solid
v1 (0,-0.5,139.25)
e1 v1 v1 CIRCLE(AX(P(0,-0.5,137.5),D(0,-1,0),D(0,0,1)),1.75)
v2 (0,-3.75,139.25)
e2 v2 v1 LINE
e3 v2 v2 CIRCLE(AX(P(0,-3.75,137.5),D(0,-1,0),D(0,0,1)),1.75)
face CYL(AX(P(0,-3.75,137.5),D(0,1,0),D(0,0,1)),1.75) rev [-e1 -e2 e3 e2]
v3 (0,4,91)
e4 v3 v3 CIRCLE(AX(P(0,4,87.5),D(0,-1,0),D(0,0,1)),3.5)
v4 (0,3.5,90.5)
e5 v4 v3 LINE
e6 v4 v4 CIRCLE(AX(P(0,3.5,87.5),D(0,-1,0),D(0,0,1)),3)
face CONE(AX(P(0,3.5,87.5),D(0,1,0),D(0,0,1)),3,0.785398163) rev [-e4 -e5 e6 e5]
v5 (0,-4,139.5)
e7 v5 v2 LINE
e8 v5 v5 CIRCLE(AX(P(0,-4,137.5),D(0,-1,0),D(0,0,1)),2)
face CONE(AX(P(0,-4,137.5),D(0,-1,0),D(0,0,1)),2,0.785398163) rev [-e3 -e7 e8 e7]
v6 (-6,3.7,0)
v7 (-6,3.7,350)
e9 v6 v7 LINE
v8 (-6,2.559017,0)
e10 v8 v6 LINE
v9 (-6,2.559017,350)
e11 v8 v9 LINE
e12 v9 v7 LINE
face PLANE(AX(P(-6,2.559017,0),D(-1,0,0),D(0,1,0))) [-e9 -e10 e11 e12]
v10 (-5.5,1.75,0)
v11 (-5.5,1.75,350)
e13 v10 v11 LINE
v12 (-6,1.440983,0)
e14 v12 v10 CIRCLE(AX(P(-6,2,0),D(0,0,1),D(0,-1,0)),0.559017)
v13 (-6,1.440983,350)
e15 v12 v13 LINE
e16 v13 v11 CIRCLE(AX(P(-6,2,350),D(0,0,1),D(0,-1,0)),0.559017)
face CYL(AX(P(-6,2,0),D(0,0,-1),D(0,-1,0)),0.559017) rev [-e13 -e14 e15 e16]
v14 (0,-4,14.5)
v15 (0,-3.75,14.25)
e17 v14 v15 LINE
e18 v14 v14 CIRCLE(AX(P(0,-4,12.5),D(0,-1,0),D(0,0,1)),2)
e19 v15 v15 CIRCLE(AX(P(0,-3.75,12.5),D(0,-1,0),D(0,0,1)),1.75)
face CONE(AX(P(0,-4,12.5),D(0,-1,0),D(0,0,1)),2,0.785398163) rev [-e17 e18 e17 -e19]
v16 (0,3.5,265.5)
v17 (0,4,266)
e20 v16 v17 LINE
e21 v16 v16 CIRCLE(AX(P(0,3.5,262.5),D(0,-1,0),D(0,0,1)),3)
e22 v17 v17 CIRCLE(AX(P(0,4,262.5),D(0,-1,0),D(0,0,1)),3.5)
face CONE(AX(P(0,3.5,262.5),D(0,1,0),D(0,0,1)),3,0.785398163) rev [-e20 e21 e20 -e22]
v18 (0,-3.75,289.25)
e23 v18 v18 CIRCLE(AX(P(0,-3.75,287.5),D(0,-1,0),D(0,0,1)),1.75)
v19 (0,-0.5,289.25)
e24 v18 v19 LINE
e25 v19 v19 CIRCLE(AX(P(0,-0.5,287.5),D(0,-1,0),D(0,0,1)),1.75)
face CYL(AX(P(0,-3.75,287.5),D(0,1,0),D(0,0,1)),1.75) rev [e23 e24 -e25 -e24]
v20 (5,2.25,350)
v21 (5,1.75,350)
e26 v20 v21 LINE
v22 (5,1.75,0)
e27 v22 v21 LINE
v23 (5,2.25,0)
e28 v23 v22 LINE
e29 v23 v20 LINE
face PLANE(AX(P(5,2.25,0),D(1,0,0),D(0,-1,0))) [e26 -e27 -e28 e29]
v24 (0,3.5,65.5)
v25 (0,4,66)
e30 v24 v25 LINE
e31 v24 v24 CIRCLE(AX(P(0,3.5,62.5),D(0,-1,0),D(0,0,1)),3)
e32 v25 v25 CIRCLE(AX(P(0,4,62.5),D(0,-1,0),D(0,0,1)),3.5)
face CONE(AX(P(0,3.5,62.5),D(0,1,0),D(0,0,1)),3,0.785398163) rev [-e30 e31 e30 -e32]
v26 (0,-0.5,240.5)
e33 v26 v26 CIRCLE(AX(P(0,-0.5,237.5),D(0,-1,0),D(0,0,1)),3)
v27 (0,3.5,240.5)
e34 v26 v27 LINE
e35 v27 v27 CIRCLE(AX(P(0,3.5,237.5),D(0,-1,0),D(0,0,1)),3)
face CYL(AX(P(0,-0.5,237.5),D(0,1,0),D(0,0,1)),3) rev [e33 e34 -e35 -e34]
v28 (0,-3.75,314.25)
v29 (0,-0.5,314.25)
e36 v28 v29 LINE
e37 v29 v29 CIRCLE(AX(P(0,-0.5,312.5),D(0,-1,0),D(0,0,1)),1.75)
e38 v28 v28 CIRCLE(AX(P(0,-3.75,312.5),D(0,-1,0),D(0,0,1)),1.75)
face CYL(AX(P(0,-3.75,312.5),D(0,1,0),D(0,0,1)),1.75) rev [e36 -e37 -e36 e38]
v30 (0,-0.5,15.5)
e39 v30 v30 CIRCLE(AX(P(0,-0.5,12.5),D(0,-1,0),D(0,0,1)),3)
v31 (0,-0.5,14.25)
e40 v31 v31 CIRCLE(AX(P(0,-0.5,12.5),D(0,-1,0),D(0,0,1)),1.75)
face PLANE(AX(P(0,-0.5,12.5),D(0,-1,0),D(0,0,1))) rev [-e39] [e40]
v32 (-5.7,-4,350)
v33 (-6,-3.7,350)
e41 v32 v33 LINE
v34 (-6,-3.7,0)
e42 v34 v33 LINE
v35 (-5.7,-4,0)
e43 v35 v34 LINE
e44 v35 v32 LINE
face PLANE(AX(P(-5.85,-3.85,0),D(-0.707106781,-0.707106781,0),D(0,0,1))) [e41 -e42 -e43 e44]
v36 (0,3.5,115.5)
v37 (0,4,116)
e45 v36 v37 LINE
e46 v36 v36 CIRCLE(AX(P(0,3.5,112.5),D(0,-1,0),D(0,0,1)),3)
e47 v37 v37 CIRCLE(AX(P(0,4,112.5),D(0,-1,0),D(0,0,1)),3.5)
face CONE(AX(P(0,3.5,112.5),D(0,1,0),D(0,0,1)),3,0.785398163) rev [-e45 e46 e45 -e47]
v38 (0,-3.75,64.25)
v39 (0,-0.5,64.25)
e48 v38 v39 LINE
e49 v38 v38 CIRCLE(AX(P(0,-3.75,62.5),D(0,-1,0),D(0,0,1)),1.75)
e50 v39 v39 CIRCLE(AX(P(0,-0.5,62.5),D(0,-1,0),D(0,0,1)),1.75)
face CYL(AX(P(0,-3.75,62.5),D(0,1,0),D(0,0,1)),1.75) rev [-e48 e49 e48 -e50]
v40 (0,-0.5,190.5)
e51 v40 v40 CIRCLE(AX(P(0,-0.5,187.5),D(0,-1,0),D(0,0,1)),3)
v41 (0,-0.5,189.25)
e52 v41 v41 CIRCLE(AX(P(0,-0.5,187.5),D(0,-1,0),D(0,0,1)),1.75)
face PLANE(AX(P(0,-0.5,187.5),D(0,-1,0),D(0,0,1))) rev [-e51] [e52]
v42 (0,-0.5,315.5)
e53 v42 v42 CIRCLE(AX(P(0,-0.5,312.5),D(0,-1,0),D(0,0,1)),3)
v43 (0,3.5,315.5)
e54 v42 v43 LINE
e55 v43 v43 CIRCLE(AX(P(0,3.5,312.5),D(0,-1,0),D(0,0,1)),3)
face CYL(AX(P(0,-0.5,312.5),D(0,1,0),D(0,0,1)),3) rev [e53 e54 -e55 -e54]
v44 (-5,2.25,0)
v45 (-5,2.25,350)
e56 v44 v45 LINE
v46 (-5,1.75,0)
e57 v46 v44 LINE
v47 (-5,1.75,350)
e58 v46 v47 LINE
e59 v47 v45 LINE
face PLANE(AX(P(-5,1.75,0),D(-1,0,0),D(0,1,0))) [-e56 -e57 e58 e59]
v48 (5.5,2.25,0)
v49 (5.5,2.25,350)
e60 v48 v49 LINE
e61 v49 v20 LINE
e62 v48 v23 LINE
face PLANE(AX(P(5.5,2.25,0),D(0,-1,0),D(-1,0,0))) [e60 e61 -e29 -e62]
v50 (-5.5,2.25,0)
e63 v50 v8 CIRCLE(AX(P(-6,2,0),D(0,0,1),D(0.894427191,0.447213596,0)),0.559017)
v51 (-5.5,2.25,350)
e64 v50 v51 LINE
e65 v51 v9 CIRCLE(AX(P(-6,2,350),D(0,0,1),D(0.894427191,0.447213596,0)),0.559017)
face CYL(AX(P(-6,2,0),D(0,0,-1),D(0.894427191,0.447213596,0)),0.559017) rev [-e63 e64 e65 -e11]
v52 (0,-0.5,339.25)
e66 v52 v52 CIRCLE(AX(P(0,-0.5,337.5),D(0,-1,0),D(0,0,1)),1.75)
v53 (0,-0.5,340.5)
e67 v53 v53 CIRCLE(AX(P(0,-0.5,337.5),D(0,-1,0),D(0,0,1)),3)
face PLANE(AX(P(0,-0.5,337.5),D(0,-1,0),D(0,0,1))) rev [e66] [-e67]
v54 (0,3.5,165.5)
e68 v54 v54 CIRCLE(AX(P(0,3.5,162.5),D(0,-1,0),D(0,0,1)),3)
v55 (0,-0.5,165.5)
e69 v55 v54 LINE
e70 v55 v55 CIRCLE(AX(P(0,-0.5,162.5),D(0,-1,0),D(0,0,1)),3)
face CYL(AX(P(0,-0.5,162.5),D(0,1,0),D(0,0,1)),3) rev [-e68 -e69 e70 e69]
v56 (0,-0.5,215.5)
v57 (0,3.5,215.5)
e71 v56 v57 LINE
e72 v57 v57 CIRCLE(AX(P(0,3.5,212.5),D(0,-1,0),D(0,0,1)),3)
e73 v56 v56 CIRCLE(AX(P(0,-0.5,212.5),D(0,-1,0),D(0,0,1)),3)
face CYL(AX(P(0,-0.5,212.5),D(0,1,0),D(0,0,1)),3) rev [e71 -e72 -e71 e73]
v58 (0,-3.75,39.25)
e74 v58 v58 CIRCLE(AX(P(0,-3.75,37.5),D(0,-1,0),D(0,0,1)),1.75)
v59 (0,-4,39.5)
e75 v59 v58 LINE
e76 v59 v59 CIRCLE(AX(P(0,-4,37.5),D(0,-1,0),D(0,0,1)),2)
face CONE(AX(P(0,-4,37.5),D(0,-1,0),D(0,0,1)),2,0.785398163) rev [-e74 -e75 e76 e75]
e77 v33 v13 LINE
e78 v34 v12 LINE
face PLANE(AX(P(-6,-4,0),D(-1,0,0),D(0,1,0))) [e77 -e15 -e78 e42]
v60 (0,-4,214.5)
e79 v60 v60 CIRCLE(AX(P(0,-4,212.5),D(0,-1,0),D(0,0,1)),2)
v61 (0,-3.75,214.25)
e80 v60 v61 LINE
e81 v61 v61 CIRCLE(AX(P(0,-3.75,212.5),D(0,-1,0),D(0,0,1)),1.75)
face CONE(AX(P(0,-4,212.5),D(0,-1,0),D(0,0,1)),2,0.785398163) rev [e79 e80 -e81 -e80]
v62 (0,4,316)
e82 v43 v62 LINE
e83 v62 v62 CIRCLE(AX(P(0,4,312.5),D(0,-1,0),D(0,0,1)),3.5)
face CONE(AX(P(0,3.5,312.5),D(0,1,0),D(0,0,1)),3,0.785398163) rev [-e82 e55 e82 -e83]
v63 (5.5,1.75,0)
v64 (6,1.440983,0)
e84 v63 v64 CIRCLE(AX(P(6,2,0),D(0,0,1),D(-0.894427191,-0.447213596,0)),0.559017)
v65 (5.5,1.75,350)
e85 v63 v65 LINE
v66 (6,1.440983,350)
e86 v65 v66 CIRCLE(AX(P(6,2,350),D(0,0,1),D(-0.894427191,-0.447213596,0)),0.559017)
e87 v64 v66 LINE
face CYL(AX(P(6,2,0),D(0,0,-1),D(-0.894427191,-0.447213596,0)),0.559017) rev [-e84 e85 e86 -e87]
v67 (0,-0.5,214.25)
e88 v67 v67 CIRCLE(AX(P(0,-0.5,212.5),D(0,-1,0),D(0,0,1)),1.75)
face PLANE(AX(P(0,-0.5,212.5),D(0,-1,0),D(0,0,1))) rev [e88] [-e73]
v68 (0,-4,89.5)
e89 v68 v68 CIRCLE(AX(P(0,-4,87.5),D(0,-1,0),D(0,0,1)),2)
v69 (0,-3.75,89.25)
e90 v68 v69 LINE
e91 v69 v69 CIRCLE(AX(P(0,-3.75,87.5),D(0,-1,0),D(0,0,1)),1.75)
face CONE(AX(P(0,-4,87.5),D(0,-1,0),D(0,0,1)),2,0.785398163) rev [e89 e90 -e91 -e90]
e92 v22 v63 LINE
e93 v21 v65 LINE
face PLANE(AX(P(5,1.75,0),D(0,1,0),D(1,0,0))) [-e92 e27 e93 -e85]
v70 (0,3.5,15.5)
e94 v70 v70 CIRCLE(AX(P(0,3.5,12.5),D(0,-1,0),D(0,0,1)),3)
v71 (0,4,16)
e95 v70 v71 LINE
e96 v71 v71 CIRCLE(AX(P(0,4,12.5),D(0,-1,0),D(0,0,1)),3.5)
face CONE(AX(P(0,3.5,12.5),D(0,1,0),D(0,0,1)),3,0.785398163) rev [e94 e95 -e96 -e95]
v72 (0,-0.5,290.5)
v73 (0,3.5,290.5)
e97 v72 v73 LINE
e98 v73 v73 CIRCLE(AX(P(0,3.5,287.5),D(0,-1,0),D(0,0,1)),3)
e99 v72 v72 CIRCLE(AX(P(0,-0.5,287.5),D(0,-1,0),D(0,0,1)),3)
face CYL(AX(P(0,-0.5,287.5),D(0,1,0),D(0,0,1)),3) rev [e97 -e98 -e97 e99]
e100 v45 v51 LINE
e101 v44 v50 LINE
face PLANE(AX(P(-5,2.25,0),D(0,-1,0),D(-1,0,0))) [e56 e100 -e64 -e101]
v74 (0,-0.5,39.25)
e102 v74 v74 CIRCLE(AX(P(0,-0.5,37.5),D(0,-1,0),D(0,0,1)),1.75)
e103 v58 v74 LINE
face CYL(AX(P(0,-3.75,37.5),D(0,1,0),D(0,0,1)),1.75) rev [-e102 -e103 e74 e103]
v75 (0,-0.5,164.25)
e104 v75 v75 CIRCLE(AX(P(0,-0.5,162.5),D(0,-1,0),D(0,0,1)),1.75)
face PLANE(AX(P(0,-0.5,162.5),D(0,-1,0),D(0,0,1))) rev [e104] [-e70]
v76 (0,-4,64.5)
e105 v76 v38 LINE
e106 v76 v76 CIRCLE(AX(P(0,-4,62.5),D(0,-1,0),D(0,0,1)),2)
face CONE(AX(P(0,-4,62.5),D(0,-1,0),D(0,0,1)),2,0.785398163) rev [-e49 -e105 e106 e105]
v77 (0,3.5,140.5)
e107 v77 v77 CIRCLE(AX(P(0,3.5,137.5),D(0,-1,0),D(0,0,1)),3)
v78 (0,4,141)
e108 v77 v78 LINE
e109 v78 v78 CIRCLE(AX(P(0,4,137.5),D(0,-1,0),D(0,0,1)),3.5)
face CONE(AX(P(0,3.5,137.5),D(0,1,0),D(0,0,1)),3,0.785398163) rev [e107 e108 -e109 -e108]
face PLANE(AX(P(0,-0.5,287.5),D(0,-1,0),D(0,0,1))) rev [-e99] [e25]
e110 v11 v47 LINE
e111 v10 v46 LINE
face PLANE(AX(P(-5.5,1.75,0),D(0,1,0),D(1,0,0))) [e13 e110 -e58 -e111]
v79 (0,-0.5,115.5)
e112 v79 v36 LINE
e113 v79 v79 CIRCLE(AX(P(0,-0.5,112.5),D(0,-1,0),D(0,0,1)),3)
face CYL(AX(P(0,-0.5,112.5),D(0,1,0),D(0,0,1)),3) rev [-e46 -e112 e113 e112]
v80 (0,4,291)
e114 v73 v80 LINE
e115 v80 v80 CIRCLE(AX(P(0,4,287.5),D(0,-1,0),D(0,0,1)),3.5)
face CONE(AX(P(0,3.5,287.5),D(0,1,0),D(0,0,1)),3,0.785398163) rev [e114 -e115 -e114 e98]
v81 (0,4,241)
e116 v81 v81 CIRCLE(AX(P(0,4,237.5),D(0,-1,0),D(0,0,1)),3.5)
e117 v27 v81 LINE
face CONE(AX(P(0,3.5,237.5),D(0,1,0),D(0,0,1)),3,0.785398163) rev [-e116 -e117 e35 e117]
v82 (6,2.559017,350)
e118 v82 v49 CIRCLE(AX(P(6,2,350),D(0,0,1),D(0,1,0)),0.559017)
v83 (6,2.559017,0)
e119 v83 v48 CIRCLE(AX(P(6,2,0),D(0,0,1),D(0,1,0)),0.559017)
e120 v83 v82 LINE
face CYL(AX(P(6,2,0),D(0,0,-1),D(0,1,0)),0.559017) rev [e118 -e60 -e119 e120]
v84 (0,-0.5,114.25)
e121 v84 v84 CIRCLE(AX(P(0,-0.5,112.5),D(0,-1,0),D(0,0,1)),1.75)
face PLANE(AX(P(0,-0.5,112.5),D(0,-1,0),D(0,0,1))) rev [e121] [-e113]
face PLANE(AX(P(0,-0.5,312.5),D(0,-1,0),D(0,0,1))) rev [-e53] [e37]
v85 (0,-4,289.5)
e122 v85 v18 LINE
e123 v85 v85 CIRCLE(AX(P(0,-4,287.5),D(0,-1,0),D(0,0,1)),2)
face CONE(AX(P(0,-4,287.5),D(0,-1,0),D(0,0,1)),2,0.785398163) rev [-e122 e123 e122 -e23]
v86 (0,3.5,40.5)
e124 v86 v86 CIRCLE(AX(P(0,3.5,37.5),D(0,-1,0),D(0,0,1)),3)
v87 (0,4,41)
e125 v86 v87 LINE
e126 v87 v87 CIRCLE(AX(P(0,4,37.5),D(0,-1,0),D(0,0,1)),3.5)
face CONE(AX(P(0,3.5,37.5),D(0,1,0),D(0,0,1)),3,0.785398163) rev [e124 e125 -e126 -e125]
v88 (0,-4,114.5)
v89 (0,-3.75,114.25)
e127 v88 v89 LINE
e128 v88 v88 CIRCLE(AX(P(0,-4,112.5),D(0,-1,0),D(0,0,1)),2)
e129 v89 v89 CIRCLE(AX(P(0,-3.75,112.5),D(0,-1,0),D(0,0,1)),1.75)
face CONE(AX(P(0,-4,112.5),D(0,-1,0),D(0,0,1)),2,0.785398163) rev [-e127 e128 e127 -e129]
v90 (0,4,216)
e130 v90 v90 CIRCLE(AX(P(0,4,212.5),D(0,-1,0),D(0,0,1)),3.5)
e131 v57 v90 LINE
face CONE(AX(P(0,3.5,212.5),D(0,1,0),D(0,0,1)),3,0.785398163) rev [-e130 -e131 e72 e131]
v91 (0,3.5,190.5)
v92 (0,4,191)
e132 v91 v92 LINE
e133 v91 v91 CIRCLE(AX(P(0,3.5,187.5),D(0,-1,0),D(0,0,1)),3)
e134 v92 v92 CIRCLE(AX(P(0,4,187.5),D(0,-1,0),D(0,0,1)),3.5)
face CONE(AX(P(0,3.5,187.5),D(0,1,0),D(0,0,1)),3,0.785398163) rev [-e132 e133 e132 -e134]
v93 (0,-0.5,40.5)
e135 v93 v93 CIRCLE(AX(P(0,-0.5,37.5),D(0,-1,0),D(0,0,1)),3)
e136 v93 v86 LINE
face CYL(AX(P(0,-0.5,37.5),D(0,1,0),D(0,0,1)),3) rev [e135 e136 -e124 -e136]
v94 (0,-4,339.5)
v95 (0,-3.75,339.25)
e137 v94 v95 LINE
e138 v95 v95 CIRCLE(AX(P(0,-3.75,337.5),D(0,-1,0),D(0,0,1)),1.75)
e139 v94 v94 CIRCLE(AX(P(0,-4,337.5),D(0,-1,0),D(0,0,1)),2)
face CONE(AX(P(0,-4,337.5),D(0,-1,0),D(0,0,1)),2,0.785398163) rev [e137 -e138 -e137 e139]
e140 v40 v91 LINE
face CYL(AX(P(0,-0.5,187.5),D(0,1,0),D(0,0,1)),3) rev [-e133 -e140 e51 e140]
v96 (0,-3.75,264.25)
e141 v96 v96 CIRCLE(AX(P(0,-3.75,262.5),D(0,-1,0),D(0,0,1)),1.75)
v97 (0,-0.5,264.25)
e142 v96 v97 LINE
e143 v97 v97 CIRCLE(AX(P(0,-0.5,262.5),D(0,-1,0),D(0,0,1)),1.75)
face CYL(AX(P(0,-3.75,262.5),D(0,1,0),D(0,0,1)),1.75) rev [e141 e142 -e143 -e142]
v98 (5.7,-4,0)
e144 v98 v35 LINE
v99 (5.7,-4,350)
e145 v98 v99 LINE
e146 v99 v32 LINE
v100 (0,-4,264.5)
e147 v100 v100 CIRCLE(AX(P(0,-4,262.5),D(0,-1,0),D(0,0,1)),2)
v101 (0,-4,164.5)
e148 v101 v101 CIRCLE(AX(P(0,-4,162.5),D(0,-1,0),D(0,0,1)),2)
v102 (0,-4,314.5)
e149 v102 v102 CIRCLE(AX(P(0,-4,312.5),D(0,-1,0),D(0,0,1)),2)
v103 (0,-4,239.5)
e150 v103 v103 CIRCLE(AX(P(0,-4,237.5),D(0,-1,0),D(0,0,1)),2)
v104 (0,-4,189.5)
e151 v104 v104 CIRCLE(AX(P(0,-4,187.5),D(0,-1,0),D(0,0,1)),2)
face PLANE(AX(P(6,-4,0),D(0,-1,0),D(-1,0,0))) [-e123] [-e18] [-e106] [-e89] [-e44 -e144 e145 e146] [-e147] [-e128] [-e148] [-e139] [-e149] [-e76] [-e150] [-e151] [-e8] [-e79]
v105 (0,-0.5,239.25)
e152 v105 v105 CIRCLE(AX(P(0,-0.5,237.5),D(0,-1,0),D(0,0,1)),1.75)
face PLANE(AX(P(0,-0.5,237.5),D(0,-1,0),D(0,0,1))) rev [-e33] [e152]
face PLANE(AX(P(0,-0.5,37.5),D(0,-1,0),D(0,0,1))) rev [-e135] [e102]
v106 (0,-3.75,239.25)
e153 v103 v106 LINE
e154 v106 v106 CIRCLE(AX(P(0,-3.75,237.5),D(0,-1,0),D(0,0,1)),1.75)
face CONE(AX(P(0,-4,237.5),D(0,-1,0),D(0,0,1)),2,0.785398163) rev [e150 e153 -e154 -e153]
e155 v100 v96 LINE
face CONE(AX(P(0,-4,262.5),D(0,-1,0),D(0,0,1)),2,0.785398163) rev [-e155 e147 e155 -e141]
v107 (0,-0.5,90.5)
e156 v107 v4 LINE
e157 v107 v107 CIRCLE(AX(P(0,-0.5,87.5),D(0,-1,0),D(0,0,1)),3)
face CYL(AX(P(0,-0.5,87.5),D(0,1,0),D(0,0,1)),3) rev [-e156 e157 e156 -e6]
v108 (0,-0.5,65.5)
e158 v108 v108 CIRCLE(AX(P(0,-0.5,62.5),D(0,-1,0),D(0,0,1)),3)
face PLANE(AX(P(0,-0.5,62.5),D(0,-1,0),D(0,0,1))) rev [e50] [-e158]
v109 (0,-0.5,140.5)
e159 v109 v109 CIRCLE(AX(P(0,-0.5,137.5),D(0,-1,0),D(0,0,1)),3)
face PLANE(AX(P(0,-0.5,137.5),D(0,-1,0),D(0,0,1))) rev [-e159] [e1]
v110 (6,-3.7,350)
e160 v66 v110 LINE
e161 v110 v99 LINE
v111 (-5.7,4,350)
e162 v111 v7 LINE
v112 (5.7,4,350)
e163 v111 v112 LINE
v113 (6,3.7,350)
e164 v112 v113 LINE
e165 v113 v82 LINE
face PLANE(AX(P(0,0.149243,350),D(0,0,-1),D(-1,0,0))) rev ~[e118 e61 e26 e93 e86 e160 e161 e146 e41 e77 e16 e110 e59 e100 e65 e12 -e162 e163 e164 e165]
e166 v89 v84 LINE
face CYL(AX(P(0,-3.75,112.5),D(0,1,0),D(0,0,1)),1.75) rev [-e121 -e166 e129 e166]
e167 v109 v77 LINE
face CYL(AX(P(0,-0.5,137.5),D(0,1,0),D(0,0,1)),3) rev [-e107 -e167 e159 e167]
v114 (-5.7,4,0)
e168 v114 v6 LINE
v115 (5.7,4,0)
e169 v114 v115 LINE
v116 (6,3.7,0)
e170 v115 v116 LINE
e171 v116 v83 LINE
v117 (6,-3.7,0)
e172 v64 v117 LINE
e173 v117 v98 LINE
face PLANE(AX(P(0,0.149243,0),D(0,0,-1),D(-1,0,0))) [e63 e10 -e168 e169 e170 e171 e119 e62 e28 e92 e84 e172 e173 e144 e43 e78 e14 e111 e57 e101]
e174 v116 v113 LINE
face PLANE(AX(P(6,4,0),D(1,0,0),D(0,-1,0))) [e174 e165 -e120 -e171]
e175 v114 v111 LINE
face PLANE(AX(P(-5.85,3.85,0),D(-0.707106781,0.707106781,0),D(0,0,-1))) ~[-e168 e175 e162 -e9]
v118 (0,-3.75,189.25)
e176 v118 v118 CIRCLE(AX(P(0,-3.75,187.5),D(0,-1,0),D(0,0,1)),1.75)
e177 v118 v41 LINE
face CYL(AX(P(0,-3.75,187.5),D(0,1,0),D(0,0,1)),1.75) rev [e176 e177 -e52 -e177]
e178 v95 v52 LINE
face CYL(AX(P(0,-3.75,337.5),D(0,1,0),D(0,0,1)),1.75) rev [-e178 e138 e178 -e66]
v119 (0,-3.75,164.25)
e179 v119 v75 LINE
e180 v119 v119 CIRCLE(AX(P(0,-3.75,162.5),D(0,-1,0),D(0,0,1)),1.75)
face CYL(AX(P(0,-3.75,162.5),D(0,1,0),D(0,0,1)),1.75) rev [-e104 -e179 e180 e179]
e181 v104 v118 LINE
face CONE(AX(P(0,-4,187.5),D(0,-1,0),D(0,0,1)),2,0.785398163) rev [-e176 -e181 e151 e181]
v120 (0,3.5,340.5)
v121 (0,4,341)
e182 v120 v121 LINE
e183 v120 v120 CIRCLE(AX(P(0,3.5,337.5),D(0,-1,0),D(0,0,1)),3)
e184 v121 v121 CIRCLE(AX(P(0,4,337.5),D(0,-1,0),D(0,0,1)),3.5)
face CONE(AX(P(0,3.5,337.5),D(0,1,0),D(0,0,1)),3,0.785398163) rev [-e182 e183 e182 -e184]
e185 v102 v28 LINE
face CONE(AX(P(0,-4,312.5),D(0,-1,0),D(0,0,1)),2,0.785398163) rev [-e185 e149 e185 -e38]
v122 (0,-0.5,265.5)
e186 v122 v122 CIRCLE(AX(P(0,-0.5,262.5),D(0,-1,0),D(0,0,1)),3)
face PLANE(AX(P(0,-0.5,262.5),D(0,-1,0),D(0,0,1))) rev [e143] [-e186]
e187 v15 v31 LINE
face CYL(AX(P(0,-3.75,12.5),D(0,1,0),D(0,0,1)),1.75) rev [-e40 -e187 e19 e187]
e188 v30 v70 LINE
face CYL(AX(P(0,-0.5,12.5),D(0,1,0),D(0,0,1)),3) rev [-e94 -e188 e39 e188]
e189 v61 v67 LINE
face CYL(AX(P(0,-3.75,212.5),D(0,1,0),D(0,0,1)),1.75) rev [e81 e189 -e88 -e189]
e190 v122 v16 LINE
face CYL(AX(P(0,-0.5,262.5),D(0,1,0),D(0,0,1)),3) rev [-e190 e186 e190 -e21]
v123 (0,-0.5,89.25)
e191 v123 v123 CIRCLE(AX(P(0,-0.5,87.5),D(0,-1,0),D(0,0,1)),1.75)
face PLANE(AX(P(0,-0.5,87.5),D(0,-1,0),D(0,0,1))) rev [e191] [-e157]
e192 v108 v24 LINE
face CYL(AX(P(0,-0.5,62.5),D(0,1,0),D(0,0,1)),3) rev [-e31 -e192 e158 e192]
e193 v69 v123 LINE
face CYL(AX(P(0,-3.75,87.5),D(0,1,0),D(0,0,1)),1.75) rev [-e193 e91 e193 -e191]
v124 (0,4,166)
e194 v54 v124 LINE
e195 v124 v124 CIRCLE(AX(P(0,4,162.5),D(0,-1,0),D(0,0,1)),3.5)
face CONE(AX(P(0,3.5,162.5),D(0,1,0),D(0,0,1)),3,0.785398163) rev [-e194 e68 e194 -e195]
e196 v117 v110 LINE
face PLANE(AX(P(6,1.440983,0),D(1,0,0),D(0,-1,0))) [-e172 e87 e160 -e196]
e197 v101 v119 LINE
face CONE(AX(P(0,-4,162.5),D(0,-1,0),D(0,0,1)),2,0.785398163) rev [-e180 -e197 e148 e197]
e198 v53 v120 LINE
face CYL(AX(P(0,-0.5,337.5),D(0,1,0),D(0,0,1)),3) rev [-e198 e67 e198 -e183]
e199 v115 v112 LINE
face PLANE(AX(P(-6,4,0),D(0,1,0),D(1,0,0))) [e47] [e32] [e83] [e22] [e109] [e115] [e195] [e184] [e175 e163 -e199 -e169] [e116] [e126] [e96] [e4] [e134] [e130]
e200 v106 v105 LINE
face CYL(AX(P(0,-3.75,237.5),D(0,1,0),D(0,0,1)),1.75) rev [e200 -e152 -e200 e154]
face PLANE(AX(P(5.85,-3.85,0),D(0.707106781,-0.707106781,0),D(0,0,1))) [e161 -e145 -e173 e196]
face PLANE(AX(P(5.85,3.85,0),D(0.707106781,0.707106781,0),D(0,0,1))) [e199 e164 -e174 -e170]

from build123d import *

# Parameters (mm, degrees)
BOSS_EXTRUDE1_DEPTH = 350
CHAMFER1_SIZE       = 0.3
LPATTERN1_COUNT     = 14
LPATTERN1_PITCH     = 25


with BuildPart() as part:
    # Sketch1 → Boss-Extrude1 (new body)
    with BuildSketch(Plane.XY):
        with BuildLine():
            Line((-6, 4), (6, 4))
            Line((6, 4), (6, 2.75))
            Line((6, 2.75), (6, 2.559016994))
            ThreePointArc((6, 2.559016994), (5.706107374, 2.475528258), (5.5, 2.25))
            Line((5.5, 2.25), (5, 2.25))
            Line((5, 2.25), (5, 1.75))
            Line((5, 1.75), (5.5, 1.75))
            ThreePointArc((5.5, 1.75), (5.706107374, 1.524471742), (6, 1.440983006))
            Line((6, 1.440983006), (6, 1.25))
            Line((6, 1.25), (6, -4))
            Line((6, -4), (-6, -4))
            Line((-6, -4), (-6, 1.25))
            Line((-6, 1.25), (-6, 1.440983006))
            ThreePointArc((-6, 1.440983006), (-5.706107374, 1.524471742), (-5.5, 1.75))
            Line((-5.5, 1.75), (-5, 1.75))
            Line((-5, 1.75), (-5, 2.25))
            Line((-5, 2.25), (-5.5, 2.25))
            ThreePointArc((-5.5, 2.25), (-5.706107374, 2.475528258), (-6, 2.559016994))
            Line((-6, 2.559016994), (-6, 2.75))
            Line((-6, 2.75), (-6, 4))
        make_face()
    extrude(amount=BOSS_EXTRUDE1_DEPTH)

    # Chamfer1
    chamfer1_edges = [part.edges().sort_by_distance(p)[0] for p in [
        (-6, 4, 175),
        (6, 4, 175),
        (6, -4, 175),
        (-6, -4, 175),
    ]]
    chamfer(chamfer1_edges, length=CHAMFER1_SIZE)

    # Sketch3 → M3 六角承窩頭蓋螺釘的柱孔1 (revolve, cut)
    with BuildSketch(Plane(origin=(0, 4, 12.5), x_dir=(0, 0, 1), z_dir=(1, 0, 0))):
        Polygon((0, 0), (0, 8), (2, 8), (1.75, 7.75), (1.75, 4.5), (3, 4.5), (3, 0.5), (3.5, 0), align=None)
    hole_wizard_m3_1 = revolve(axis=Axis((0, 10.35, 12.5), (0, -1, 0)), mode=Mode.SUBTRACT)

    # LPattern1: M3 六角承窩頭蓋螺釘的柱孔1 ×14
    with Locations(*[(0, 0, i * LPATTERN1_PITCH) for i in range(1, LPATTERN1_COUNT)]):
        add(hole_wizard_m3_1, mode=Mode.SUBTRACT)


solid = part.part
